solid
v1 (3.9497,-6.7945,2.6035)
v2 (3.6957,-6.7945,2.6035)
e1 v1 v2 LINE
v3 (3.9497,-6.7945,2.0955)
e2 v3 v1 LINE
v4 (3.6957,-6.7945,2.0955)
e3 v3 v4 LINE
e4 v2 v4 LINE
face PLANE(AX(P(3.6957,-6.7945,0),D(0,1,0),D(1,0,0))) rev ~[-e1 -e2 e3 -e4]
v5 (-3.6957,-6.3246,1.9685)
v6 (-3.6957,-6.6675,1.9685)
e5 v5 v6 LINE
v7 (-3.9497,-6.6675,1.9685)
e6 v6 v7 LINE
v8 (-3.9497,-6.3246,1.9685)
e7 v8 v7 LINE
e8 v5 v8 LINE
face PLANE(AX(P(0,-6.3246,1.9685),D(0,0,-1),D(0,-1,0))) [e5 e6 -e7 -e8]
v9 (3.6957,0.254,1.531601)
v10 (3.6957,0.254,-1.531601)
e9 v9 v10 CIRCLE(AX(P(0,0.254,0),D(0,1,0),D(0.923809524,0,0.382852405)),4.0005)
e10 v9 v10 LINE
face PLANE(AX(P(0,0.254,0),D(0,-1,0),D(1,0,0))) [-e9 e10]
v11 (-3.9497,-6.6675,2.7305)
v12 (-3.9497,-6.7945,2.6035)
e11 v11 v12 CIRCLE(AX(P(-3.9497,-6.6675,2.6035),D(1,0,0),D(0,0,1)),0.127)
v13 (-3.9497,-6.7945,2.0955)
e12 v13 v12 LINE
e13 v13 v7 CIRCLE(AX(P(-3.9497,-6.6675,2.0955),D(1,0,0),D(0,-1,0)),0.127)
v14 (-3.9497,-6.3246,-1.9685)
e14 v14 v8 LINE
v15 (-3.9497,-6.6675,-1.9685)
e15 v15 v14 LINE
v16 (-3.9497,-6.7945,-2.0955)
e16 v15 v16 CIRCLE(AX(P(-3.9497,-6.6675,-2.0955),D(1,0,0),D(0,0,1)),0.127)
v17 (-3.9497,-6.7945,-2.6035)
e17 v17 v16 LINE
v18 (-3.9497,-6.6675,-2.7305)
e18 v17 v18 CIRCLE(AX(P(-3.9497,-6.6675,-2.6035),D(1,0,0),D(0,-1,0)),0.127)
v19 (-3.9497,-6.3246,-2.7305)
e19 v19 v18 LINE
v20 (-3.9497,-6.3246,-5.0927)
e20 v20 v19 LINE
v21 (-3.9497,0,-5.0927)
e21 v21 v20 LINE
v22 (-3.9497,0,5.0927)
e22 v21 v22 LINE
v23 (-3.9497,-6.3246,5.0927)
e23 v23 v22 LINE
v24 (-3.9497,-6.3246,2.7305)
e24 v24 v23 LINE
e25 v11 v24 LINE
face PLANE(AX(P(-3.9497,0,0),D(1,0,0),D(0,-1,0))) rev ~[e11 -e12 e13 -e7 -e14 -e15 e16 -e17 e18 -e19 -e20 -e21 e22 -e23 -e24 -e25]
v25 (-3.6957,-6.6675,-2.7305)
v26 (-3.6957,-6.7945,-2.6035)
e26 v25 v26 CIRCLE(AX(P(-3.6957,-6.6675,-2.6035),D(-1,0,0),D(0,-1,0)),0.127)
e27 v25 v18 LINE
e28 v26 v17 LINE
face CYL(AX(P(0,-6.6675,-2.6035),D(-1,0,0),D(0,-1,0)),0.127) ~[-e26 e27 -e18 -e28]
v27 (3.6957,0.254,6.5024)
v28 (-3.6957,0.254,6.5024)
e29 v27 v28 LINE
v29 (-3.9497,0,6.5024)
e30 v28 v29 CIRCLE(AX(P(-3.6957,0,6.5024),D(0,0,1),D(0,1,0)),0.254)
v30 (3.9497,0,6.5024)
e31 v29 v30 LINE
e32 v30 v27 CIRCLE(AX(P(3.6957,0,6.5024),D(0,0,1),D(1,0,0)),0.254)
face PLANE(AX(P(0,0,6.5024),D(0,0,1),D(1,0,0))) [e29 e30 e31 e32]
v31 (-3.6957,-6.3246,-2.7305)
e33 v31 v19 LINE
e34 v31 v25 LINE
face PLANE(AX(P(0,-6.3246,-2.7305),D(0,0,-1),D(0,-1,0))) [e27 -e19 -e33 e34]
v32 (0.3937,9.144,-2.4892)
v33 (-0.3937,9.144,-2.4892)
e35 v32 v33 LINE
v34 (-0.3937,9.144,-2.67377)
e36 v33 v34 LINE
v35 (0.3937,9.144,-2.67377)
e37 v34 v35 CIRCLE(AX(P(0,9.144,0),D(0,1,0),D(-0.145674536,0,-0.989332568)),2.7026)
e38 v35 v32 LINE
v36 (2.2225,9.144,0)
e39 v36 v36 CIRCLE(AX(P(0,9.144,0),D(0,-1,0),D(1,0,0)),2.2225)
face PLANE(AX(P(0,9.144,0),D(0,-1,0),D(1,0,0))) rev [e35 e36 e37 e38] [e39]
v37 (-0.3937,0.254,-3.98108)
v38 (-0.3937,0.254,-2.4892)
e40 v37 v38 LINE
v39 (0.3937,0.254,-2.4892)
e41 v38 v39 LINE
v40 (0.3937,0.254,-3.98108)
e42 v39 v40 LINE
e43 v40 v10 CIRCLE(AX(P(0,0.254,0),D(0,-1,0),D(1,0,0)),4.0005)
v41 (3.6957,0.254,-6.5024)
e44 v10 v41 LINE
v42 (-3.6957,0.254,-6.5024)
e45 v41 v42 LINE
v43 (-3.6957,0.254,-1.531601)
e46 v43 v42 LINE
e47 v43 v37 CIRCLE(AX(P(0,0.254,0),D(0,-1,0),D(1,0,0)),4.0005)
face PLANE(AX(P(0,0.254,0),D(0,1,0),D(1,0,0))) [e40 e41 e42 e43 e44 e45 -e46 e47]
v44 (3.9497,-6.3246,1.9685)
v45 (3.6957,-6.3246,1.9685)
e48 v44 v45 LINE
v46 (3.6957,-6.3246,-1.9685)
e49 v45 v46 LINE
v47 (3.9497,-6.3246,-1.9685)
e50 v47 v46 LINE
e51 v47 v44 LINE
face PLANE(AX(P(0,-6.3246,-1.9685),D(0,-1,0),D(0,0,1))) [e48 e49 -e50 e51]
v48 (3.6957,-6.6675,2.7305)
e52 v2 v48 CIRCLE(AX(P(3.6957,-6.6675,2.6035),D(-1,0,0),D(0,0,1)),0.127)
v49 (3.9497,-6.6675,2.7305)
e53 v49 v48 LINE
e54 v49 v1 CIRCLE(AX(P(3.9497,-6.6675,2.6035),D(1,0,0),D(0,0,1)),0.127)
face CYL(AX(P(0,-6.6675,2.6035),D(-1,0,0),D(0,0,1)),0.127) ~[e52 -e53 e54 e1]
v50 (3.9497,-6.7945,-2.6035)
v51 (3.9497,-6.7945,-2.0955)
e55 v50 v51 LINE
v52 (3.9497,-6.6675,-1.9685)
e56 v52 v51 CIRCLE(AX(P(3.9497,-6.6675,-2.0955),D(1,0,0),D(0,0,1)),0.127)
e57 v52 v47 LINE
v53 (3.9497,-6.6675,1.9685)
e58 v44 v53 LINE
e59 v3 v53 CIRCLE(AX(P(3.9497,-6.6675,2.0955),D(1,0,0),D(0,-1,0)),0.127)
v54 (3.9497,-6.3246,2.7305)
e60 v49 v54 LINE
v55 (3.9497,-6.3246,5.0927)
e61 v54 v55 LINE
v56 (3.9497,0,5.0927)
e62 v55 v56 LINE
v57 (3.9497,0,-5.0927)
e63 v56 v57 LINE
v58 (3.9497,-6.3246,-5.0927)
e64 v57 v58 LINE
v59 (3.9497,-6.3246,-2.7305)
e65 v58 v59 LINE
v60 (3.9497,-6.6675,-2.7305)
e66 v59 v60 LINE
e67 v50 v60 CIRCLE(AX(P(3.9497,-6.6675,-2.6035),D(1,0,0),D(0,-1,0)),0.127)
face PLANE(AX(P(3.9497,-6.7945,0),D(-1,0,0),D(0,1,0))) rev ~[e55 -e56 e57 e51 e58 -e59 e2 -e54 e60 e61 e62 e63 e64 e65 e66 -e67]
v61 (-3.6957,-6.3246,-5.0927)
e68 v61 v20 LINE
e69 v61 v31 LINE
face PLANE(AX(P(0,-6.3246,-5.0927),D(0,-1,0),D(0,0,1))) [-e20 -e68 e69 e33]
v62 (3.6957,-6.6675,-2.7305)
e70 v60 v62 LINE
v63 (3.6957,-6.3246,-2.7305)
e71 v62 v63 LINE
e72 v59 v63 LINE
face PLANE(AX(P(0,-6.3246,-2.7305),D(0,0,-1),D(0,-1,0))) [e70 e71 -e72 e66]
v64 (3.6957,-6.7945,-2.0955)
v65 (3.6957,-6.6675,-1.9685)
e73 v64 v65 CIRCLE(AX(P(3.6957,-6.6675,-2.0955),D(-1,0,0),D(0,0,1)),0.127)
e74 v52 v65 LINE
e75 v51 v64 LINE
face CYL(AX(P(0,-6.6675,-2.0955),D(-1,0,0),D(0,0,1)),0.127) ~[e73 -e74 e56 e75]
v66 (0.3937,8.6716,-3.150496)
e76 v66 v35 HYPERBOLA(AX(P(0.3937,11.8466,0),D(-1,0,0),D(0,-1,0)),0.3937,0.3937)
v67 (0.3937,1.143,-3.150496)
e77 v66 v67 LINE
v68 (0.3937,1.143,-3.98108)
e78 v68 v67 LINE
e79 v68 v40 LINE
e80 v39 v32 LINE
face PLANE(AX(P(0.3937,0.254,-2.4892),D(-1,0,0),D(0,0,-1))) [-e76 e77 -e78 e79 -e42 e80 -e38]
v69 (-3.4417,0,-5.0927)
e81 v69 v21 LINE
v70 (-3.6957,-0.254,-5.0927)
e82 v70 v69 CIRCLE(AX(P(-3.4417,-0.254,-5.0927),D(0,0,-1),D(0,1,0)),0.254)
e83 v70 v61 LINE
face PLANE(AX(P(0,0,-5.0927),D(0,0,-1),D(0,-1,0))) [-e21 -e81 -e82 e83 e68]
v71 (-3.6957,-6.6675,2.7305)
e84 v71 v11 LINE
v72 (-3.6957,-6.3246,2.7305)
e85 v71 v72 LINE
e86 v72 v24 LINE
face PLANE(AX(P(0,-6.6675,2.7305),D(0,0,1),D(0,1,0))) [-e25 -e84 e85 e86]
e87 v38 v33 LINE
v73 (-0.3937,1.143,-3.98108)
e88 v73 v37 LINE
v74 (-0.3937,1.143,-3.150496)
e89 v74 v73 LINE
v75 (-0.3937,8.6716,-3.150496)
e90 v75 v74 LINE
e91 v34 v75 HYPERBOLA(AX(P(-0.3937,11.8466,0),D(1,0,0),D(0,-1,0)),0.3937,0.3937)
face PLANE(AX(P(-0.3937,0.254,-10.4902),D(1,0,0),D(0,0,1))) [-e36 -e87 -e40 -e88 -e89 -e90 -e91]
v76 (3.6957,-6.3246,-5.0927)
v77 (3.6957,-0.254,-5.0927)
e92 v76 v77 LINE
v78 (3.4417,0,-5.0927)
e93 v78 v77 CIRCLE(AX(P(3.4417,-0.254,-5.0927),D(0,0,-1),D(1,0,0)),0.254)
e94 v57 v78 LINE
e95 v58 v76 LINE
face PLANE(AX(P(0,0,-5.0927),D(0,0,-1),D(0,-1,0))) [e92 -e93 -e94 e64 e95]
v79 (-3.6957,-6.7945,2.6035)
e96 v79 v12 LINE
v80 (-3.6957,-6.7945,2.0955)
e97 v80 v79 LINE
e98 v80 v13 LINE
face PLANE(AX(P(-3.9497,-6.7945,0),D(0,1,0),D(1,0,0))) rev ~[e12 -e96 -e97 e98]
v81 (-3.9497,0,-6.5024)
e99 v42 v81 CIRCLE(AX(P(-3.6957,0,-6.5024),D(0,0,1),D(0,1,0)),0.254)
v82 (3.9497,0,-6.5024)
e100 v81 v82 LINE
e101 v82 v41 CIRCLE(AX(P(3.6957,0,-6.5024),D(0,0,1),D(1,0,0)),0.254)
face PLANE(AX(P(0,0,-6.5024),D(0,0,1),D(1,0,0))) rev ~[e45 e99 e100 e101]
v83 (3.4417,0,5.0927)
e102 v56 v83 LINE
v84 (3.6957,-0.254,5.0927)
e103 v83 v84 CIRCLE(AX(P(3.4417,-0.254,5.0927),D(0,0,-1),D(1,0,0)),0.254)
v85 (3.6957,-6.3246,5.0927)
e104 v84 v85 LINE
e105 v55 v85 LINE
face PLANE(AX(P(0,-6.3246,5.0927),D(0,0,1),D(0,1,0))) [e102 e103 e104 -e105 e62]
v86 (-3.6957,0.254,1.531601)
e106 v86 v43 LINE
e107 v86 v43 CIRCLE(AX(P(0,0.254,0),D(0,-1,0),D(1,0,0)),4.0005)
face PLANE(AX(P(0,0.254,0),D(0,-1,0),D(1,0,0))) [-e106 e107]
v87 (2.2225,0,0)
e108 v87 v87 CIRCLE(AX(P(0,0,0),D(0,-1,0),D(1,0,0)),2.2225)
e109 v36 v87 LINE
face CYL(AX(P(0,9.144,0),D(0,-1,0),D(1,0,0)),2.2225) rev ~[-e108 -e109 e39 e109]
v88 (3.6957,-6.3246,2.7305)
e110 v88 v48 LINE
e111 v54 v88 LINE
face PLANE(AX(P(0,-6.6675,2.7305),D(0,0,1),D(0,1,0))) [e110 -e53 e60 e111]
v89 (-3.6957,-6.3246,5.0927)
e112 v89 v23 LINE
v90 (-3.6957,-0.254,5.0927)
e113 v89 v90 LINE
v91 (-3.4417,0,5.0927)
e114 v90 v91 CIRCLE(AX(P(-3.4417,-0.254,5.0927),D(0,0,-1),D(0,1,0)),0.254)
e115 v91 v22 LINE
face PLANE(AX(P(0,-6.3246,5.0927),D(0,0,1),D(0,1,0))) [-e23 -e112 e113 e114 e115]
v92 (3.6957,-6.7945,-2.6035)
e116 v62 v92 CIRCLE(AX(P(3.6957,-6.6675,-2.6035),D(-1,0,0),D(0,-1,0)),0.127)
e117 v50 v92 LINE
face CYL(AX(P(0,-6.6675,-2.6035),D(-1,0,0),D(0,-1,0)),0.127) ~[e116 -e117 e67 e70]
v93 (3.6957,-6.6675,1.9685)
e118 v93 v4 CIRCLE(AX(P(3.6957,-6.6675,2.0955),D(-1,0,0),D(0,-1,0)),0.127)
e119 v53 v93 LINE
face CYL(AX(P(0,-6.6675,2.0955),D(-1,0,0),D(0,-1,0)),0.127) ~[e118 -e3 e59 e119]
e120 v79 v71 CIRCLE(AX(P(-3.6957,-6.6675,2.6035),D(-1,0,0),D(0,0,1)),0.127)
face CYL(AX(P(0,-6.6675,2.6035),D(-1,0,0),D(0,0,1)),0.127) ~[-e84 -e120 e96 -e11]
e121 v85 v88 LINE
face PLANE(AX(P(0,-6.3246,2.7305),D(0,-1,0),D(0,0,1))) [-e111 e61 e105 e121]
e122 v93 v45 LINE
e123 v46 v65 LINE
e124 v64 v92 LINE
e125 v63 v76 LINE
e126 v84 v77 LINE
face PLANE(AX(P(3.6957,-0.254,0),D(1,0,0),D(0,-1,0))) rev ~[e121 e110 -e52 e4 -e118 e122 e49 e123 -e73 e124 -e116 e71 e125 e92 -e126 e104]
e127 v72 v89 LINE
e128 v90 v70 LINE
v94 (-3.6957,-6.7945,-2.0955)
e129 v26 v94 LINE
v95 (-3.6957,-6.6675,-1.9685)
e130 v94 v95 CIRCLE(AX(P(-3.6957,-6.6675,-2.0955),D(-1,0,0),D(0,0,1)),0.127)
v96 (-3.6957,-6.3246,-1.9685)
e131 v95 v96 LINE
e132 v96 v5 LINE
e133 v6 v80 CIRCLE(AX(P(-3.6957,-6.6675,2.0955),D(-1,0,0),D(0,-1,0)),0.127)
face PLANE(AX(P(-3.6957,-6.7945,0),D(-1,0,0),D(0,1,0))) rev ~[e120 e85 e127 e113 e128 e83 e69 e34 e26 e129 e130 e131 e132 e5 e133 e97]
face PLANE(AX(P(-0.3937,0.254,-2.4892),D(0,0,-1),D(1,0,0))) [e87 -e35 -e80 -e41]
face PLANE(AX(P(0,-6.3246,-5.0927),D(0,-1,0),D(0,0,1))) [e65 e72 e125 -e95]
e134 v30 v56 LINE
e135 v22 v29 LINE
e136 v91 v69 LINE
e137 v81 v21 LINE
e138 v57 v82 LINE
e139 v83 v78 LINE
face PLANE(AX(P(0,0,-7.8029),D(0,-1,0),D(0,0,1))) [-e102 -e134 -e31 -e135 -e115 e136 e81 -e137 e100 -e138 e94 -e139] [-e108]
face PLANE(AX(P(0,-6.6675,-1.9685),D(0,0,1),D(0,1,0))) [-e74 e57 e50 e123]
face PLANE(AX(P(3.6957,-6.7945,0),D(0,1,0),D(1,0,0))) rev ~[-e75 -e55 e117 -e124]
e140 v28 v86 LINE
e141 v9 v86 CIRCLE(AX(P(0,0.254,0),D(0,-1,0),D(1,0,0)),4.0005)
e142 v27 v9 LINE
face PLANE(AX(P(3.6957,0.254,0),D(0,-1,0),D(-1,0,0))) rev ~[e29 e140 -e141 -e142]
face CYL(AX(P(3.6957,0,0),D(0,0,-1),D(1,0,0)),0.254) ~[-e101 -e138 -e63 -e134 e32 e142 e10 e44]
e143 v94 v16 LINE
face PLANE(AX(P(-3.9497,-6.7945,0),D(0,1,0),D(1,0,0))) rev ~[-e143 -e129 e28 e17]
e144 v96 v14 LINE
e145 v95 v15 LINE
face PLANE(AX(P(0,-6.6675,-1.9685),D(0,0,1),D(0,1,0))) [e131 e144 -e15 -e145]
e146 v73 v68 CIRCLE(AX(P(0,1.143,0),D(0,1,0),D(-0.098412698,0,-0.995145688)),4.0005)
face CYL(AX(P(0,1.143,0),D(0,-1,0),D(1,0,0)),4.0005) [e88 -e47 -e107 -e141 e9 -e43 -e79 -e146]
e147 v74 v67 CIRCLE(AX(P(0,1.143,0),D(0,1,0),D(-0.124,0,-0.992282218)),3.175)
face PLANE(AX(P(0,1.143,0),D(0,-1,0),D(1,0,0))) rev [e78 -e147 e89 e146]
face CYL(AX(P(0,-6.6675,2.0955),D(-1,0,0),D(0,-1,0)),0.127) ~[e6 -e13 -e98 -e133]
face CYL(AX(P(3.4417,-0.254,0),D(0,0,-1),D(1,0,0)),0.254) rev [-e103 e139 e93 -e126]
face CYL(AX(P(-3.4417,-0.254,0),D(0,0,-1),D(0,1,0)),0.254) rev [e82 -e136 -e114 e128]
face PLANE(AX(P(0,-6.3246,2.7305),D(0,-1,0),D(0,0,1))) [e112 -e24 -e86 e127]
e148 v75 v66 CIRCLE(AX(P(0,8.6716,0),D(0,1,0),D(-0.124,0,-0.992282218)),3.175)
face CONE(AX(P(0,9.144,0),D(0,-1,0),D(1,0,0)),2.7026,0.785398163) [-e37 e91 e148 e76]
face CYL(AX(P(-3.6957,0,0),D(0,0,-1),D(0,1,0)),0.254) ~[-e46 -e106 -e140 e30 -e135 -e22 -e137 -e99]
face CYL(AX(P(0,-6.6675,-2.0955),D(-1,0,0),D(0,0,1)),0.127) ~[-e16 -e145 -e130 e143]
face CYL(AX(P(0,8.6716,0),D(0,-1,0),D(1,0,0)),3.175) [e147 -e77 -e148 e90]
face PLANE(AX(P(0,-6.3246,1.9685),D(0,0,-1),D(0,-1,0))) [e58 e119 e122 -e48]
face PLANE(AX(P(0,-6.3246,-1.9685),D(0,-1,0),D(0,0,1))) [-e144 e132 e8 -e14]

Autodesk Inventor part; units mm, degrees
sketch "Sketch_1" plane through (0, 0, 0) normal (0, 0, 1) x (1, 0, 0)
  line L0 (-3.9497, 0) -> (-3.9497, -6.7945)
  line L1 (-3.9497, -6.7945) -> (-3.6957, -6.7945)
  line L2 (-3.6957, -6.7945) -> (-3.6957, -0.254)
  arc A0 (-3.4417, 0) -> (-3.6957, -0.254) centre (-3.4417, -0.254) ccw
  line L3 (-3.4417, 0) -> (3.4417, 0)
  arc A1 (3.6957, -0.254) -> (3.4417, 0) centre (3.4417, -0.254) ccw
  line L4 (3.6957, -0.254) -> (3.6957, -6.7945)
  line L5 (3.6957, -6.7945) -> (3.9497, -6.7945)
  line L6 (3.9497, -6.7945) -> (3.9497, 0)
  arc A2 (3.9497, 0) -> (3.6957, 0.254) centre (3.6957, 0) ccw
  line L7 (3.6957, 0.254) -> (-3.6957, 0.254)
  arc A3 (-3.6957, 0.254) -> (-3.9497, 0) centre (-3.6957, 0) ccw
extrude "Extrusion1" add sketch "Sketch_1" along normal mid plane 13.0048
sketch "Sketch_2" plane through (0, 0, 0) normal (1, 0, 0) x (0, 1, 0)
  line L0 (0, 7.8029) -> (-9.398, 7.8029)
  line L1 (-9.398, 7.8029) -> (-9.398, -7.8029)
  line L2 (-9.398, -7.8029) -> (0, -7.8029)
  line L3 (0, -7.8029) -> (0, -5.0927)
  line L4 (0, -5.0927) -> (-6.3246, -5.0927)
  line L5 (-6.3246, -5.0927) -> (-6.3246, -2.7305)
  line L6 (-6.3246, -2.7305) -> (-6.6675, -2.7305)
  arc A0 (-6.7945, -2.6035) -> (-6.6675, -2.7305) centre (-6.6675, -2.6035) ccw
  line L7 (-6.7945, -2.6035) -> (-6.7945, -2.0955)
  arc A1 (-6.6675, -1.9685) -> (-6.7945, -2.0955) centre (-6.6675, -2.0955) ccw
  line L8 (-6.6675, -1.9685) -> (-6.3246, -1.9685)
  line L9 (-6.3246, -1.9685) -> (-6.3246, 1.9685)
  line L10 (-6.3246, 1.9685) -> (-6.6675, 1.9685)
  arc A2 (-6.7945, 2.0955) -> (-6.6675, 1.9685) centre (-6.6675, 2.0955) ccw
  line L11 (-6.7945, 2.0955) -> (-6.7945, 2.6035)
  arc A3 (-6.6675, 2.7305) -> (-6.7945, 2.6035) centre (-6.6675, 2.6035) ccw
  line L12 (-6.6675, 2.7305) -> (-6.3246, 2.7305)
  line L13 (-6.3246, 2.7305) -> (-6.3246, 5.0927)
  line L14 (-6.3246, 5.0927) -> (0, 5.0927)
  line L15 (0, 5.0927) -> (0, 7.8029)
extrude "Extrusion2" cut sketch "Sketch_2" along normal mid plane 7.8994
sketch "Sketch_15" plane through (0, 0, 0) normal (0, 0, 1) x (1, 0, 0)
  line L0 (0, 0.127) -> (0, 9.144)
  line L1 (0, 9.144) -> (2.7026, 9.144)
  line L2 (2.7026, 9.144) -> (3.175, 8.6716)
  line L3 (3.175, 8.6716) -> (3.175, 1.143)
  line L4 (3.175, 1.143) -> (4.0005, 1.143)
  line L5 (4.0005, 1.143) -> (4.0005, 0.254)
  line L6 (4.0005, 0.254) -> (2.2225, 0.254)
  line L7 (2.2225, 0.254) -> (2.2225, 0.127)
  line L8 (2.2225, 0.127) -> (0, 0.127)
  line L9 (0, 0.127) -> (0, 9.144)
revolve "Revolution1" add sketch "Sketch_15" angle 360 about axis through (0, 0.127, 0) along (0, -1, 0)
thread "Thread1" size "1/4-32 UNEF" class "3A" standard "ANSI Unified Screw Threads" length 7.239 offset 0.762
sketch "Sketch_8" plane through (0, 0.254, 0) normal (0, 1, 0) x (1, 0, 0)
  line L0 (-0.3937, 2.4892) -> (0.3937, 2.4892)
  line L1 (0.3937, 2.4892) -> (0.3937, 10.4902)
  line L2 (0.3937, 10.4902) -> (-0.3937, 10.4902)
  line L3 (-0.3937, 10.4902) -> (-0.3937, 2.4892)
extrude "Extrusion3" cut sketch "Sketch_8" along normal blind 9.779
sketch "Sketch_10_ALT_Drilling_1" plane through (0, 0, 0) normal (0, 0, 1) x (1, 0, 0)
  line L0 (0, 0) -> (0, 9.144)
  line L1 (0, 9.144) -> (2.2225, 9.144)
  line L2 (2.2225, 9.144) -> (2.2225, 0)
  line L3 (2.2225, 0) -> (0, 0)
  line L4 (0, 0) -> (0, 9.144)
revolve "Revolution2" cut sketch "Sketch_10_ALT_Drilling_1" angle 360 about axis through (0, 0, 0) along (0, -1, 0)
ref_plane "1_XY" through (0, 7.112, 0) normal (0, 1, 0) x (1, 0, 0)
ref_plane "1_YZ" through (0, 7.112, 0) normal (1, 0, 0) x (0, 0, -1)
ref_plane "1_ZX" through (0, 7.112, 0) normal (0, 0, -1) x (0, 1, 0)
ref_plane "2_XY" through (0, 5.334, 0) normal (0, 1, 0) x (1, 0, 0)
ref_plane "2_YZ" through (0, 5.334, 0) normal (1, 0, 0) x (0, 0, -1)
ref_plane "2_ZX" through (0, 5.334, 0) normal (0, 0, -1) x (0, 1, 0)
ref_plane "3_XY" through (0, 3.556, 0) normal (0, 1, 0) x (1, 0, 0)
ref_plane "3_YZ" through (0, 3.556, 0) normal (1, 0, 0) x (0, 0, -1)
ref_plane "3_ZX" through (0, 3.556, 0) normal (0, 0, -1) x (0, 1, 0)
ref_plane "4_XY" through (0, 2.2225, 0) normal (0, 1, 0) x (1, 0, 0)
ref_plane "4_YZ" through (0, 2.2225, 0) normal (1, 0, 0) x (0, 0, -1)
ref_plane "4_ZX" through (0, 2.2225, 0) normal (0, 0, -1) x (0, 1, 0)
ref_plane "to_base_XY" through (0, 0, 0) normal (0, 1, 0) x (1, 0, 0)
ref_plane "to_base_YZ" through (0, 0, 0) normal (1, 0, 0) x (0, 0, -1)
ref_plane "to_base_ZX" through (0, 0, 0) normal (0, 0, -1) x (0, 1, 0)
properties part number "M201S1M201-bushing"
